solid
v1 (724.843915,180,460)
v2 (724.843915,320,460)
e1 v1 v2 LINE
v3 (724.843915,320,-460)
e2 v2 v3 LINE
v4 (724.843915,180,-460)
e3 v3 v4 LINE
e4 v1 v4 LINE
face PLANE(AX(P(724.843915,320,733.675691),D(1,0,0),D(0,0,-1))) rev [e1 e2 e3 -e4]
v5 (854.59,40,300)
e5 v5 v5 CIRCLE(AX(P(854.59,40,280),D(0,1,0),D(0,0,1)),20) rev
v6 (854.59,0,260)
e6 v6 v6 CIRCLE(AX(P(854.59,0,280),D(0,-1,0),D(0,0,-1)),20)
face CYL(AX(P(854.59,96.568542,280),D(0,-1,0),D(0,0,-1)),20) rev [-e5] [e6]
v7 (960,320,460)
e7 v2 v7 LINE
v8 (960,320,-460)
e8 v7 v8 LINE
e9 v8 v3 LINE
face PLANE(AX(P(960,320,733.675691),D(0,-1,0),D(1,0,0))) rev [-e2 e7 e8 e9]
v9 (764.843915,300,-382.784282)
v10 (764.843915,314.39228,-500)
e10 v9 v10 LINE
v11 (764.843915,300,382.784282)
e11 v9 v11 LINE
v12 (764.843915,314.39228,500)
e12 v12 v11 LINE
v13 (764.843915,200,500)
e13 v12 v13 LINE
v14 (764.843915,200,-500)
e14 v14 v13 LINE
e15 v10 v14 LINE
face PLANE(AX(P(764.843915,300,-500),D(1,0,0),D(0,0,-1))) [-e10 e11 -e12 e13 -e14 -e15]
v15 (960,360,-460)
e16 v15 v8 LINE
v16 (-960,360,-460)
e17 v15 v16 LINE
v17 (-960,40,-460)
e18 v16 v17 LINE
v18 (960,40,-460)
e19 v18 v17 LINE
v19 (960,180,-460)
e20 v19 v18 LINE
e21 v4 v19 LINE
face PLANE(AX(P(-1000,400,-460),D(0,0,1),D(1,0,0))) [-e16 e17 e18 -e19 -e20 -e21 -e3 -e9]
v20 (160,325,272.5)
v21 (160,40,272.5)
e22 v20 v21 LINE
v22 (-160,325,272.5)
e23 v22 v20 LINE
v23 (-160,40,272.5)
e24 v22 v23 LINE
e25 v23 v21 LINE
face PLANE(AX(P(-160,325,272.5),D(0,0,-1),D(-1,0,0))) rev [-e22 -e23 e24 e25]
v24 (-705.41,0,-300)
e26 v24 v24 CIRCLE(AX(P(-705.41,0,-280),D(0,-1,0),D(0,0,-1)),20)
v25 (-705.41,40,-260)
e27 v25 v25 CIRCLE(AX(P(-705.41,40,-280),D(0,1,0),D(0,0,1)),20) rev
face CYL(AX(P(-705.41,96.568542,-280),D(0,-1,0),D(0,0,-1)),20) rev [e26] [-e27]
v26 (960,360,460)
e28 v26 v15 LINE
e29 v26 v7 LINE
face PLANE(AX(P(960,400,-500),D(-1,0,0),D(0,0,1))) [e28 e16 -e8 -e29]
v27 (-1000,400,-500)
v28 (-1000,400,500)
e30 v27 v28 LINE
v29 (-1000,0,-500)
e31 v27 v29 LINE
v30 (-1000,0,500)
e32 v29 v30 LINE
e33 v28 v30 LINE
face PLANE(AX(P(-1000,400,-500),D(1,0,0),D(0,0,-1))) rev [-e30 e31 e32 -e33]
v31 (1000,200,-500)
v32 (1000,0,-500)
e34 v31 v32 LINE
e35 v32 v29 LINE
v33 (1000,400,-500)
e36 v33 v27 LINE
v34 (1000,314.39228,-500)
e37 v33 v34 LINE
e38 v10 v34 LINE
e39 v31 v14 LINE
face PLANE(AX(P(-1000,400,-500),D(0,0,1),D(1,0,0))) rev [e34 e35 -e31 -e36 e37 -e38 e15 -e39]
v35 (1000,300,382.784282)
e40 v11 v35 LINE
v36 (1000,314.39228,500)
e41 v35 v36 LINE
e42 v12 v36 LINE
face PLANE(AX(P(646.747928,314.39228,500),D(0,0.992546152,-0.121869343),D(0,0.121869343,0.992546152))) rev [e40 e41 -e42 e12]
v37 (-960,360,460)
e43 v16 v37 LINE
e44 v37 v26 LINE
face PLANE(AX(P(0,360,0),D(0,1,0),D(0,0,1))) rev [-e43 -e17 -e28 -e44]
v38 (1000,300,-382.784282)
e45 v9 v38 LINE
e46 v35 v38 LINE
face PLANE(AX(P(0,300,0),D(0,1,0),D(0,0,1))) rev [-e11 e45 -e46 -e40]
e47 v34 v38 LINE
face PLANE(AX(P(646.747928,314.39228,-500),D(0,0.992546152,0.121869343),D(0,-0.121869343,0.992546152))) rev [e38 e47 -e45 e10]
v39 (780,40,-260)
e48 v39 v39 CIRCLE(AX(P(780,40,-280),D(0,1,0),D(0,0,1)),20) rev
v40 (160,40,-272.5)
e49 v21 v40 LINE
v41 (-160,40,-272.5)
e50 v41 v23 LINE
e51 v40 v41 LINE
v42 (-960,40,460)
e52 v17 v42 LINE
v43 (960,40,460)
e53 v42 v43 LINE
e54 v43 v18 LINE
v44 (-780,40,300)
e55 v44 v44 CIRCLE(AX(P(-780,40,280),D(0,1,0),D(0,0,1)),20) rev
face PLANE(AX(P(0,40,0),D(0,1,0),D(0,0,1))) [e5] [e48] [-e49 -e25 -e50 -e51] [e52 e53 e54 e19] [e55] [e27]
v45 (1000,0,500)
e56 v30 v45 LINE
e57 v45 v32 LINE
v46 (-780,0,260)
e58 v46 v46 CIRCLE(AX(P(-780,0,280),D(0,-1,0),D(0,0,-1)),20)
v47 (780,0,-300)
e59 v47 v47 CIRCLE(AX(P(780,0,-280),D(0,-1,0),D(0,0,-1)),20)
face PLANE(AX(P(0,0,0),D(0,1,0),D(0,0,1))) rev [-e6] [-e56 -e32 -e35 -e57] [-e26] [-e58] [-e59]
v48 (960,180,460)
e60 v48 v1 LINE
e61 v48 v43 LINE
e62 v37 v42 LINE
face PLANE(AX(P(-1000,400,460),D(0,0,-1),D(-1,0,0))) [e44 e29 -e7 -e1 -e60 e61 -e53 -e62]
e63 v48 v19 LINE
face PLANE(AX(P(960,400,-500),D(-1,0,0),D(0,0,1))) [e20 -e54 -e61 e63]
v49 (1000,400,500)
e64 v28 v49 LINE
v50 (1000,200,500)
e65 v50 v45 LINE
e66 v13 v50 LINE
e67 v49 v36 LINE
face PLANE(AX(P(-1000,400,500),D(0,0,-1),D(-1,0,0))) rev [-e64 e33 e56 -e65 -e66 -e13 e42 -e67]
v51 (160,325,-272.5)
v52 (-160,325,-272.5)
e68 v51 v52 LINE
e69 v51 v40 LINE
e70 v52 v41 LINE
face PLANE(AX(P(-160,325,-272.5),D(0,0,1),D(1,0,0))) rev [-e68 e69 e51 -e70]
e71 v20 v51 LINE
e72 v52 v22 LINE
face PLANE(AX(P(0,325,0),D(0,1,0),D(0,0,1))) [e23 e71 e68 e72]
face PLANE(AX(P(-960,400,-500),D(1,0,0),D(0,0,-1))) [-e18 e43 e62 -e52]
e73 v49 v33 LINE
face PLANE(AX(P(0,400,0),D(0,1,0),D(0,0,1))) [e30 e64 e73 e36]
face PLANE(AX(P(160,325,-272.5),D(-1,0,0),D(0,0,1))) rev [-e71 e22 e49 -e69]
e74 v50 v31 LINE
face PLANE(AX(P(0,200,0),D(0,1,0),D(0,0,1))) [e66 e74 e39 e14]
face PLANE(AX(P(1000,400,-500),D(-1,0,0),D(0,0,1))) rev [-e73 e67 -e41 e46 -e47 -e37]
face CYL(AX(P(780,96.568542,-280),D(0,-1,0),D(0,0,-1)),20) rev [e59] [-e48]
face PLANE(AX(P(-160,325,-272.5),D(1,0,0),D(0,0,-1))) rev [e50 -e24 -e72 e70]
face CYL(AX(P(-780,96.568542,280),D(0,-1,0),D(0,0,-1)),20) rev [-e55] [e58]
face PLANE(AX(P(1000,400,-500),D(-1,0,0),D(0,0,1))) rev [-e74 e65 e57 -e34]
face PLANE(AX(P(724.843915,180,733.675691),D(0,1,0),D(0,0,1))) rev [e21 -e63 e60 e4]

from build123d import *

# Parameters (mm, degrees)
SCHIZZO2_W                   = 2000
SCHIZZO2_H                   = 1000
ESTRUSIONE_ESTRUSIONE1_DEPTH = 400
SVUOTA1_T                    = 40
SCHIZZO3_W                   = 320
SCHIZZO3_H                   = 545
ESTRUSIONE_ESTRUSIONE2_DEPTH = 285
SCHIZZO5_R                   = 20
TAGLIO_ESTRUSIONE1_DEPTH     = 40
SCHIZZO7_W                   = 235.156084519
SCHIZZO7_H                   = 1000
TAGLIO_ESTRUSIONE2_DEPTH     = 100
ESTRUSIONE_ESTRUSIONE4_DEPTH = 920
TAGLIO_ESTRUSIONE3_DEPTH     = 235.156084519


with BuildPart() as part:
    # Schizzo2 → Estrusione-Estrusione1 (new body)
    with BuildSketch(Plane(origin=(0, 0, 0), x_dir=(1, 0, 0), z_dir=(0, 1, 0))):
        Rectangle(SCHIZZO2_W, SCHIZZO2_H)
    extrude(amount=ESTRUSIONE_ESTRUSIONE1_DEPTH)

    # Svuota1 (no face opened: a closed hollow body)
    add(offset(amount=-SVUOTA1_T, mode=Mode.PRIVATE), mode=Mode.SUBTRACT)

    # Schizzo3 → Estrusione-Estrusione2 (add)
    with BuildSketch(Plane(origin=(0, 40, 0), x_dir=(1, 0, 0), z_dir=(0, 1, 0))):
        Rectangle(SCHIZZO3_W, SCHIZZO3_H)
    extrude(amount=ESTRUSIONE_ESTRUSIONE2_DEPTH)

    # Schizzo5 → Taglio-Estrusione1 (cut)
    with BuildSketch(Plane.XZ):
        with Locations(Location((-780, 280, 0), (0, 0, 270))):
            Circle(SCHIZZO5_R)
        with Locations(Location((780, -280, 0), (0, 0, 270))):
            Circle(SCHIZZO5_R)
        with Locations(Location((854.59, 280, 0), (0, 0, 270))):
            Circle(SCHIZZO5_R)
        with Locations(Location((-705.41, -280, 0), (0, 0, 270))):
            Circle(SCHIZZO5_R)
    extrude(amount=-TAGLIO_ESTRUSIONE1_DEPTH, mode=Mode.SUBTRACT)

    # Schizzo7 → Taglio-Estrusione2 (cut)
    with BuildSketch(Plane(origin=(0, 200, 0), x_dir=(1, 0, 0), z_dir=(0, 1, 0))):
        with Locations((882.421957741, 0)):
            Rectangle(SCHIZZO7_W, SCHIZZO7_H)
    extrude(amount=TAGLIO_ESTRUSIONE2_DEPTH, mode=Mode.SUBTRACT)

    # Schizzo8 → Estrusione-Estrusione4 (add)
    with BuildSketch(Plane.XY.offset(-460)):
        Polygon((960, 320), (724.843915481, 320), (724.843915481, 180), (960, 180), (960, 200), (764.843915481, 200), (764.843915481, 300), (960, 300), align=None)
    extrude(amount=ESTRUSIONE_ESTRUSIONE4_DEPTH)

    # Schizzo9 → Taglio-Estrusione3 (cut)
    with BuildSketch(Plane(origin=(1000, 0, 0), x_dir=(0, 0, -1), z_dir=(1, 0, 0))):
        Polygon((-500, 300), (-500, 314.392280451), (-382.784282115, 300), align=None)
        Polygon((382.784282115, 300), (500, 300), (500, 314.392280451), align=None)
    extrude(amount=-TAGLIO_ESTRUSIONE3_DEPTH, mode=Mode.SUBTRACT)


solid = part.part
